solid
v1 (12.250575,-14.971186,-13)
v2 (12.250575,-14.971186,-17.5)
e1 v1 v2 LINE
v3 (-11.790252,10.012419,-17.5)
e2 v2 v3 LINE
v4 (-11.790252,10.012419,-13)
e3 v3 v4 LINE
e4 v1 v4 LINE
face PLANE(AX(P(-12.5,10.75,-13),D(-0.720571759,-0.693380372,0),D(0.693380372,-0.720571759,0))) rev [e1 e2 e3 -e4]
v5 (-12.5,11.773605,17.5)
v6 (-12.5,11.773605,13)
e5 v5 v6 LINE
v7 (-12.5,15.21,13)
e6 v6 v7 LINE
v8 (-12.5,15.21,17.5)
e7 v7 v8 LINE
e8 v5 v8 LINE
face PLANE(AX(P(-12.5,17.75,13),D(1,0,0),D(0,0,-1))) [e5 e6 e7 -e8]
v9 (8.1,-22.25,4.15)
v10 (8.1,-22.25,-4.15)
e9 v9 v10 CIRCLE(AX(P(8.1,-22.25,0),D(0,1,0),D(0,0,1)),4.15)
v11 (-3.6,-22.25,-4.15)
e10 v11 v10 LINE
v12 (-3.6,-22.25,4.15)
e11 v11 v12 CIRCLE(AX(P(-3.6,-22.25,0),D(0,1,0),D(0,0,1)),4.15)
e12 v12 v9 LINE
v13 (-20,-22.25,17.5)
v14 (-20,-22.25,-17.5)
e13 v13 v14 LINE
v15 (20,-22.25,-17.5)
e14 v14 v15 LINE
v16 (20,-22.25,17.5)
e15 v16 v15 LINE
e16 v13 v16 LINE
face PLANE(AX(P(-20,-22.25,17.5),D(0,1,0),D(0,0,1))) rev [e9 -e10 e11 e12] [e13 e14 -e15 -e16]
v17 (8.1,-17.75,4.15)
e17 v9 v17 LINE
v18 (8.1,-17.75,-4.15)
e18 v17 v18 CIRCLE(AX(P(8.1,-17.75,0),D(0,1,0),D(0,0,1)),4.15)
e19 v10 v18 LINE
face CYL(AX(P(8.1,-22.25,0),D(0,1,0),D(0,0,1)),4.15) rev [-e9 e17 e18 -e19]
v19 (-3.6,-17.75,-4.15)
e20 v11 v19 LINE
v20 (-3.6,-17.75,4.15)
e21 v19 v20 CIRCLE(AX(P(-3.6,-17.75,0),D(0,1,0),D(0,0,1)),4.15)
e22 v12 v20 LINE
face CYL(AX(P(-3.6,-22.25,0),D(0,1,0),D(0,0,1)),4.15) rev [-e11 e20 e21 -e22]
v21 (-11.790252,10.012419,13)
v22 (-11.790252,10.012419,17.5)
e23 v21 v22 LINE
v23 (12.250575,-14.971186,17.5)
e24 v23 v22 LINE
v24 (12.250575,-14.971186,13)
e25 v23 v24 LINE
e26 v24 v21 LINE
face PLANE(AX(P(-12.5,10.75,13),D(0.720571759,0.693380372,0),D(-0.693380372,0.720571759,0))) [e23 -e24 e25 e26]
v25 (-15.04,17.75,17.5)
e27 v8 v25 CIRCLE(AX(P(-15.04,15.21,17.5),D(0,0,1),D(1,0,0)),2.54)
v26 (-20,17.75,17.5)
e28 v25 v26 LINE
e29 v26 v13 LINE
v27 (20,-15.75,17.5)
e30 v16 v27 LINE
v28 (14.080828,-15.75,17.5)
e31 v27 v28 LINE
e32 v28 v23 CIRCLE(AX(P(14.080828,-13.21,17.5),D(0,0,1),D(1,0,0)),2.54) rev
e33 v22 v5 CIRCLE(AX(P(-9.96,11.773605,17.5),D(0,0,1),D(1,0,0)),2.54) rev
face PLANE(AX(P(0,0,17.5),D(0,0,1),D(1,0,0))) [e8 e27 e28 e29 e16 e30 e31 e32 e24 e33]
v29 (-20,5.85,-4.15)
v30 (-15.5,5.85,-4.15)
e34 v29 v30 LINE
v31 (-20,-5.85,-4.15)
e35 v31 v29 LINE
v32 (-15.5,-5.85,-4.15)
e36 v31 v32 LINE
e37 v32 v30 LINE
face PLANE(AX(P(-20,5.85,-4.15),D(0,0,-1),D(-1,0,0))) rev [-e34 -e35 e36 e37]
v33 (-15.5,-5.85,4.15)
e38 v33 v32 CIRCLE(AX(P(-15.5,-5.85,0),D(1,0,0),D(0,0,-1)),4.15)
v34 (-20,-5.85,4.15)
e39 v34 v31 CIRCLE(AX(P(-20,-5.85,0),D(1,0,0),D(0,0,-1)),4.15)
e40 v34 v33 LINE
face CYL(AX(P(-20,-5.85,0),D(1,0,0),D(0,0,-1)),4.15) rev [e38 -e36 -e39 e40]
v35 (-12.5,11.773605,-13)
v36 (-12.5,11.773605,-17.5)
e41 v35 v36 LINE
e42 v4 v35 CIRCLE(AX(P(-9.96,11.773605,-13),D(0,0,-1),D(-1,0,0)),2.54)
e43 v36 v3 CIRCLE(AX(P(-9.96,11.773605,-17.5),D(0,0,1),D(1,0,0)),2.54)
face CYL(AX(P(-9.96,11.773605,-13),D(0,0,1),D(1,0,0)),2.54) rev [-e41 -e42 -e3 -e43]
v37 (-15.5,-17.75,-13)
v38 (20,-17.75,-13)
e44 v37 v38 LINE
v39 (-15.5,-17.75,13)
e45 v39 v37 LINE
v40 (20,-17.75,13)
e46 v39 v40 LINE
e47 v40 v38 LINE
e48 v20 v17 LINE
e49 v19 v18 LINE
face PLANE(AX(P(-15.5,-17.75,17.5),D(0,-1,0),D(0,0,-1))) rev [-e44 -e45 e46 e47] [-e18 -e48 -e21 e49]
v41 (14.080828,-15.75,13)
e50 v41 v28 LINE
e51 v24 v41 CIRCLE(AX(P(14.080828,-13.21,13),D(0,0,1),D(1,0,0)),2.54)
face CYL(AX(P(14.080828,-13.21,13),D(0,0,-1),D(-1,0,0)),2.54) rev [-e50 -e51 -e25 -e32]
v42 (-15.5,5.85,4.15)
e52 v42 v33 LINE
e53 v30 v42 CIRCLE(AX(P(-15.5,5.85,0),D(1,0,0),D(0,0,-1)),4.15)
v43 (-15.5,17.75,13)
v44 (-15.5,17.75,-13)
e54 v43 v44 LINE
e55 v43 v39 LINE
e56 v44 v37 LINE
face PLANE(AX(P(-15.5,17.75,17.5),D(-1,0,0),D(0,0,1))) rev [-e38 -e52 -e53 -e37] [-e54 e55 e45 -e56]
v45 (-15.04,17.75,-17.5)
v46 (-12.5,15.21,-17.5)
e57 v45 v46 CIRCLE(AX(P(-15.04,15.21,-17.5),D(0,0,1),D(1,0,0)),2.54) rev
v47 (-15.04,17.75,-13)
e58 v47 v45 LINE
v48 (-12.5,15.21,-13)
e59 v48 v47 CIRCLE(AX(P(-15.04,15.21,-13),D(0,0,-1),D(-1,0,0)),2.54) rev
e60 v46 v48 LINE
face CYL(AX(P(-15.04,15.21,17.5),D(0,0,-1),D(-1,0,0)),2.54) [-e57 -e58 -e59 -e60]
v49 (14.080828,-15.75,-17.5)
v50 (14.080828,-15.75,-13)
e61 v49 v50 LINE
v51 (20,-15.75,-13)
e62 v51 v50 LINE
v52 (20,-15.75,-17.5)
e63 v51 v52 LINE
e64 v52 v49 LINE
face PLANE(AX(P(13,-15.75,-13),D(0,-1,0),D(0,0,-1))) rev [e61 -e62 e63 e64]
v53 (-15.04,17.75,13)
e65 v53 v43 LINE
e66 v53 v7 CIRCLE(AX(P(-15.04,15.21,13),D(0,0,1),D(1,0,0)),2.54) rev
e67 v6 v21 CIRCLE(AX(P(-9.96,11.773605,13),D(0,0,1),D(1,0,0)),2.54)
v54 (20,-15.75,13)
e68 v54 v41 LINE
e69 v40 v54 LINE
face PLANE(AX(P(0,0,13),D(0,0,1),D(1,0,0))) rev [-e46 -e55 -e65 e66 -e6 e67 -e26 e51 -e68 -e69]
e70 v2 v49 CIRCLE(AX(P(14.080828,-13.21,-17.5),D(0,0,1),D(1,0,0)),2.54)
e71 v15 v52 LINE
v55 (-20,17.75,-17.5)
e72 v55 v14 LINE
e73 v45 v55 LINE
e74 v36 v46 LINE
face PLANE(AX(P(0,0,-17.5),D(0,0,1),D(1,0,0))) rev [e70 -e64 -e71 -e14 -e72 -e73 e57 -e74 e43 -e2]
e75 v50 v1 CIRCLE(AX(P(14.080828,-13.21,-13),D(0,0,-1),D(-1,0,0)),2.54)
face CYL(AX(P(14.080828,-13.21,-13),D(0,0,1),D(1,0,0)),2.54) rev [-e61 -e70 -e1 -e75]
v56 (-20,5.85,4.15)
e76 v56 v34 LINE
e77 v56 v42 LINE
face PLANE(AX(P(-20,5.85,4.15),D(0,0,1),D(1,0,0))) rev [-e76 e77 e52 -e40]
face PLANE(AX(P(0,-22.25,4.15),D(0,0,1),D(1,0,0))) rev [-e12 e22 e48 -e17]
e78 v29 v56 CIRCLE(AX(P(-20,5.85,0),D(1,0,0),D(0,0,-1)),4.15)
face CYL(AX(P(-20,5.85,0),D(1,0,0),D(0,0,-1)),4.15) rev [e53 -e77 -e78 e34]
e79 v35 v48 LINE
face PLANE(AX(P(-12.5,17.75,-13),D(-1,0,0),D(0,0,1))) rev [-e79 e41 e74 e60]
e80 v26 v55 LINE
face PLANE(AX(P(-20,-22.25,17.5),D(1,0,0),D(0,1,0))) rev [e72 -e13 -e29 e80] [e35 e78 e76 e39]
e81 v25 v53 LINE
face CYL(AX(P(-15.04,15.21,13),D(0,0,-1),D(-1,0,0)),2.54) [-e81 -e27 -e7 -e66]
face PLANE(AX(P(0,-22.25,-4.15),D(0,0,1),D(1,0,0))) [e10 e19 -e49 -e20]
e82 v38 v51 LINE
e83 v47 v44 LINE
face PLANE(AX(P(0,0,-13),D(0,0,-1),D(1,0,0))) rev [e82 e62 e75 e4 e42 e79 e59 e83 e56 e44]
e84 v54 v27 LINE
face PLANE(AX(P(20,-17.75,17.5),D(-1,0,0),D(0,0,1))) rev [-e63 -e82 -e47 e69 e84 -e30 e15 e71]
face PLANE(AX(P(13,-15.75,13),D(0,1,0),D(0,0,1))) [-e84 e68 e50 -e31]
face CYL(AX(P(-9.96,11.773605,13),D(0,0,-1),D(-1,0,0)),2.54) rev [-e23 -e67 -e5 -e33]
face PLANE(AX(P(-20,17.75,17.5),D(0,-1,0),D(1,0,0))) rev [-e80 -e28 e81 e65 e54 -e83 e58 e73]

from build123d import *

# Parameters (mm, degrees)
BOSS_EXTRUDE1_DEPTH = 17.5
BOSS_EXTRUDE2_DEPTH = 4.5
CUT_EXTRUDE1_DEPTH  = 5.5
CUT_EXTRUDE2_DEPTH  = 5.5
FILLET1_R           = 2.54


with BuildPart() as part:
    # Sketch1 → Boss-Extrude1 (new body, symmetric)
    with BuildSketch(Plane.XY):
        Polygon((-20, 17.75), (-15.5, 17.75), (-15.5, -17.75), (20, -17.75), (20, -22.25), (-20, -22.25), align=None)
    extrude(amount=BOSS_EXTRUDE1_DEPTH, both=True)

    # Sketch2 → Boss-Extrude2 (add)
    with BuildSketch(Plane.XY.offset(17.5)):
        Polygon((-15.5, 17.75), (-12.5, 17.75), (-12.5, 10.75), (13, -15.75), (20, -15.75), (20, -17.75), (-15.5, -17.75), align=None)
    boss_extrude2 = extrude(amount=-BOSS_EXTRUDE2_DEPTH)

    # Mirror1: Boss-Extrude2 across plane
    add(boss_extrude2.mirror(Plane.XY))

    # Sketch3 → Cut-Extrude1 (cut, through all)
    with BuildSketch(Plane(origin=(-15.5, 0, 0), x_dir=(0, 0, -1), z_dir=(1, 0, 0))):
        with BuildLine():
            Line((4.15, 5.85), (4.15, -5.85))
            ThreePointArc((4.15, -5.85), (0, -10), (-4.15, -5.85))
            Line((-4.15, -5.85), (-4.15, 5.85))
            ThreePointArc((-4.15, 5.85), (0, 10), (4.15, 5.85))
        make_face()
    extrude(amount=-CUT_EXTRUDE1_DEPTH, mode=Mode.SUBTRACT)

    # Sketch4 → Cut-Extrude2 (cut, through all)
    with BuildSketch(Plane(origin=(0, -17.75, 0), x_dir=(1, 0, 0), z_dir=(0, 1, 0))):
        with BuildLine():
            Line((-3.6, 4.15), (8.1, 4.15))
            ThreePointArc((8.1, 4.15), (12.25, 0), (8.1, -4.15))
            Line((8.1, -4.15), (-3.6, -4.15))
            ThreePointArc((-3.6, -4.15), (-7.75, 0), (-3.6, 4.15))
        make_face()
    extrude(amount=-CUT_EXTRUDE2_DEPTH, mode=Mode.SUBTRACT)

    # Fillet1
    fillet1_edges = [part.edges().sort_by_distance(p)[0] for p in [
        (-12.5, 17.75, 15.25),
        (-12.5, 10.75, 15.25),
        (13, -15.75, 15.25),
        (13, -15.75, -15.25),
        (-12.5, 10.75, -15.25),
        (-12.5, 17.75, -15.25),
    ]]
    fillet(fillet1_edges, radius=FILLET1_R)


solid = part.part
